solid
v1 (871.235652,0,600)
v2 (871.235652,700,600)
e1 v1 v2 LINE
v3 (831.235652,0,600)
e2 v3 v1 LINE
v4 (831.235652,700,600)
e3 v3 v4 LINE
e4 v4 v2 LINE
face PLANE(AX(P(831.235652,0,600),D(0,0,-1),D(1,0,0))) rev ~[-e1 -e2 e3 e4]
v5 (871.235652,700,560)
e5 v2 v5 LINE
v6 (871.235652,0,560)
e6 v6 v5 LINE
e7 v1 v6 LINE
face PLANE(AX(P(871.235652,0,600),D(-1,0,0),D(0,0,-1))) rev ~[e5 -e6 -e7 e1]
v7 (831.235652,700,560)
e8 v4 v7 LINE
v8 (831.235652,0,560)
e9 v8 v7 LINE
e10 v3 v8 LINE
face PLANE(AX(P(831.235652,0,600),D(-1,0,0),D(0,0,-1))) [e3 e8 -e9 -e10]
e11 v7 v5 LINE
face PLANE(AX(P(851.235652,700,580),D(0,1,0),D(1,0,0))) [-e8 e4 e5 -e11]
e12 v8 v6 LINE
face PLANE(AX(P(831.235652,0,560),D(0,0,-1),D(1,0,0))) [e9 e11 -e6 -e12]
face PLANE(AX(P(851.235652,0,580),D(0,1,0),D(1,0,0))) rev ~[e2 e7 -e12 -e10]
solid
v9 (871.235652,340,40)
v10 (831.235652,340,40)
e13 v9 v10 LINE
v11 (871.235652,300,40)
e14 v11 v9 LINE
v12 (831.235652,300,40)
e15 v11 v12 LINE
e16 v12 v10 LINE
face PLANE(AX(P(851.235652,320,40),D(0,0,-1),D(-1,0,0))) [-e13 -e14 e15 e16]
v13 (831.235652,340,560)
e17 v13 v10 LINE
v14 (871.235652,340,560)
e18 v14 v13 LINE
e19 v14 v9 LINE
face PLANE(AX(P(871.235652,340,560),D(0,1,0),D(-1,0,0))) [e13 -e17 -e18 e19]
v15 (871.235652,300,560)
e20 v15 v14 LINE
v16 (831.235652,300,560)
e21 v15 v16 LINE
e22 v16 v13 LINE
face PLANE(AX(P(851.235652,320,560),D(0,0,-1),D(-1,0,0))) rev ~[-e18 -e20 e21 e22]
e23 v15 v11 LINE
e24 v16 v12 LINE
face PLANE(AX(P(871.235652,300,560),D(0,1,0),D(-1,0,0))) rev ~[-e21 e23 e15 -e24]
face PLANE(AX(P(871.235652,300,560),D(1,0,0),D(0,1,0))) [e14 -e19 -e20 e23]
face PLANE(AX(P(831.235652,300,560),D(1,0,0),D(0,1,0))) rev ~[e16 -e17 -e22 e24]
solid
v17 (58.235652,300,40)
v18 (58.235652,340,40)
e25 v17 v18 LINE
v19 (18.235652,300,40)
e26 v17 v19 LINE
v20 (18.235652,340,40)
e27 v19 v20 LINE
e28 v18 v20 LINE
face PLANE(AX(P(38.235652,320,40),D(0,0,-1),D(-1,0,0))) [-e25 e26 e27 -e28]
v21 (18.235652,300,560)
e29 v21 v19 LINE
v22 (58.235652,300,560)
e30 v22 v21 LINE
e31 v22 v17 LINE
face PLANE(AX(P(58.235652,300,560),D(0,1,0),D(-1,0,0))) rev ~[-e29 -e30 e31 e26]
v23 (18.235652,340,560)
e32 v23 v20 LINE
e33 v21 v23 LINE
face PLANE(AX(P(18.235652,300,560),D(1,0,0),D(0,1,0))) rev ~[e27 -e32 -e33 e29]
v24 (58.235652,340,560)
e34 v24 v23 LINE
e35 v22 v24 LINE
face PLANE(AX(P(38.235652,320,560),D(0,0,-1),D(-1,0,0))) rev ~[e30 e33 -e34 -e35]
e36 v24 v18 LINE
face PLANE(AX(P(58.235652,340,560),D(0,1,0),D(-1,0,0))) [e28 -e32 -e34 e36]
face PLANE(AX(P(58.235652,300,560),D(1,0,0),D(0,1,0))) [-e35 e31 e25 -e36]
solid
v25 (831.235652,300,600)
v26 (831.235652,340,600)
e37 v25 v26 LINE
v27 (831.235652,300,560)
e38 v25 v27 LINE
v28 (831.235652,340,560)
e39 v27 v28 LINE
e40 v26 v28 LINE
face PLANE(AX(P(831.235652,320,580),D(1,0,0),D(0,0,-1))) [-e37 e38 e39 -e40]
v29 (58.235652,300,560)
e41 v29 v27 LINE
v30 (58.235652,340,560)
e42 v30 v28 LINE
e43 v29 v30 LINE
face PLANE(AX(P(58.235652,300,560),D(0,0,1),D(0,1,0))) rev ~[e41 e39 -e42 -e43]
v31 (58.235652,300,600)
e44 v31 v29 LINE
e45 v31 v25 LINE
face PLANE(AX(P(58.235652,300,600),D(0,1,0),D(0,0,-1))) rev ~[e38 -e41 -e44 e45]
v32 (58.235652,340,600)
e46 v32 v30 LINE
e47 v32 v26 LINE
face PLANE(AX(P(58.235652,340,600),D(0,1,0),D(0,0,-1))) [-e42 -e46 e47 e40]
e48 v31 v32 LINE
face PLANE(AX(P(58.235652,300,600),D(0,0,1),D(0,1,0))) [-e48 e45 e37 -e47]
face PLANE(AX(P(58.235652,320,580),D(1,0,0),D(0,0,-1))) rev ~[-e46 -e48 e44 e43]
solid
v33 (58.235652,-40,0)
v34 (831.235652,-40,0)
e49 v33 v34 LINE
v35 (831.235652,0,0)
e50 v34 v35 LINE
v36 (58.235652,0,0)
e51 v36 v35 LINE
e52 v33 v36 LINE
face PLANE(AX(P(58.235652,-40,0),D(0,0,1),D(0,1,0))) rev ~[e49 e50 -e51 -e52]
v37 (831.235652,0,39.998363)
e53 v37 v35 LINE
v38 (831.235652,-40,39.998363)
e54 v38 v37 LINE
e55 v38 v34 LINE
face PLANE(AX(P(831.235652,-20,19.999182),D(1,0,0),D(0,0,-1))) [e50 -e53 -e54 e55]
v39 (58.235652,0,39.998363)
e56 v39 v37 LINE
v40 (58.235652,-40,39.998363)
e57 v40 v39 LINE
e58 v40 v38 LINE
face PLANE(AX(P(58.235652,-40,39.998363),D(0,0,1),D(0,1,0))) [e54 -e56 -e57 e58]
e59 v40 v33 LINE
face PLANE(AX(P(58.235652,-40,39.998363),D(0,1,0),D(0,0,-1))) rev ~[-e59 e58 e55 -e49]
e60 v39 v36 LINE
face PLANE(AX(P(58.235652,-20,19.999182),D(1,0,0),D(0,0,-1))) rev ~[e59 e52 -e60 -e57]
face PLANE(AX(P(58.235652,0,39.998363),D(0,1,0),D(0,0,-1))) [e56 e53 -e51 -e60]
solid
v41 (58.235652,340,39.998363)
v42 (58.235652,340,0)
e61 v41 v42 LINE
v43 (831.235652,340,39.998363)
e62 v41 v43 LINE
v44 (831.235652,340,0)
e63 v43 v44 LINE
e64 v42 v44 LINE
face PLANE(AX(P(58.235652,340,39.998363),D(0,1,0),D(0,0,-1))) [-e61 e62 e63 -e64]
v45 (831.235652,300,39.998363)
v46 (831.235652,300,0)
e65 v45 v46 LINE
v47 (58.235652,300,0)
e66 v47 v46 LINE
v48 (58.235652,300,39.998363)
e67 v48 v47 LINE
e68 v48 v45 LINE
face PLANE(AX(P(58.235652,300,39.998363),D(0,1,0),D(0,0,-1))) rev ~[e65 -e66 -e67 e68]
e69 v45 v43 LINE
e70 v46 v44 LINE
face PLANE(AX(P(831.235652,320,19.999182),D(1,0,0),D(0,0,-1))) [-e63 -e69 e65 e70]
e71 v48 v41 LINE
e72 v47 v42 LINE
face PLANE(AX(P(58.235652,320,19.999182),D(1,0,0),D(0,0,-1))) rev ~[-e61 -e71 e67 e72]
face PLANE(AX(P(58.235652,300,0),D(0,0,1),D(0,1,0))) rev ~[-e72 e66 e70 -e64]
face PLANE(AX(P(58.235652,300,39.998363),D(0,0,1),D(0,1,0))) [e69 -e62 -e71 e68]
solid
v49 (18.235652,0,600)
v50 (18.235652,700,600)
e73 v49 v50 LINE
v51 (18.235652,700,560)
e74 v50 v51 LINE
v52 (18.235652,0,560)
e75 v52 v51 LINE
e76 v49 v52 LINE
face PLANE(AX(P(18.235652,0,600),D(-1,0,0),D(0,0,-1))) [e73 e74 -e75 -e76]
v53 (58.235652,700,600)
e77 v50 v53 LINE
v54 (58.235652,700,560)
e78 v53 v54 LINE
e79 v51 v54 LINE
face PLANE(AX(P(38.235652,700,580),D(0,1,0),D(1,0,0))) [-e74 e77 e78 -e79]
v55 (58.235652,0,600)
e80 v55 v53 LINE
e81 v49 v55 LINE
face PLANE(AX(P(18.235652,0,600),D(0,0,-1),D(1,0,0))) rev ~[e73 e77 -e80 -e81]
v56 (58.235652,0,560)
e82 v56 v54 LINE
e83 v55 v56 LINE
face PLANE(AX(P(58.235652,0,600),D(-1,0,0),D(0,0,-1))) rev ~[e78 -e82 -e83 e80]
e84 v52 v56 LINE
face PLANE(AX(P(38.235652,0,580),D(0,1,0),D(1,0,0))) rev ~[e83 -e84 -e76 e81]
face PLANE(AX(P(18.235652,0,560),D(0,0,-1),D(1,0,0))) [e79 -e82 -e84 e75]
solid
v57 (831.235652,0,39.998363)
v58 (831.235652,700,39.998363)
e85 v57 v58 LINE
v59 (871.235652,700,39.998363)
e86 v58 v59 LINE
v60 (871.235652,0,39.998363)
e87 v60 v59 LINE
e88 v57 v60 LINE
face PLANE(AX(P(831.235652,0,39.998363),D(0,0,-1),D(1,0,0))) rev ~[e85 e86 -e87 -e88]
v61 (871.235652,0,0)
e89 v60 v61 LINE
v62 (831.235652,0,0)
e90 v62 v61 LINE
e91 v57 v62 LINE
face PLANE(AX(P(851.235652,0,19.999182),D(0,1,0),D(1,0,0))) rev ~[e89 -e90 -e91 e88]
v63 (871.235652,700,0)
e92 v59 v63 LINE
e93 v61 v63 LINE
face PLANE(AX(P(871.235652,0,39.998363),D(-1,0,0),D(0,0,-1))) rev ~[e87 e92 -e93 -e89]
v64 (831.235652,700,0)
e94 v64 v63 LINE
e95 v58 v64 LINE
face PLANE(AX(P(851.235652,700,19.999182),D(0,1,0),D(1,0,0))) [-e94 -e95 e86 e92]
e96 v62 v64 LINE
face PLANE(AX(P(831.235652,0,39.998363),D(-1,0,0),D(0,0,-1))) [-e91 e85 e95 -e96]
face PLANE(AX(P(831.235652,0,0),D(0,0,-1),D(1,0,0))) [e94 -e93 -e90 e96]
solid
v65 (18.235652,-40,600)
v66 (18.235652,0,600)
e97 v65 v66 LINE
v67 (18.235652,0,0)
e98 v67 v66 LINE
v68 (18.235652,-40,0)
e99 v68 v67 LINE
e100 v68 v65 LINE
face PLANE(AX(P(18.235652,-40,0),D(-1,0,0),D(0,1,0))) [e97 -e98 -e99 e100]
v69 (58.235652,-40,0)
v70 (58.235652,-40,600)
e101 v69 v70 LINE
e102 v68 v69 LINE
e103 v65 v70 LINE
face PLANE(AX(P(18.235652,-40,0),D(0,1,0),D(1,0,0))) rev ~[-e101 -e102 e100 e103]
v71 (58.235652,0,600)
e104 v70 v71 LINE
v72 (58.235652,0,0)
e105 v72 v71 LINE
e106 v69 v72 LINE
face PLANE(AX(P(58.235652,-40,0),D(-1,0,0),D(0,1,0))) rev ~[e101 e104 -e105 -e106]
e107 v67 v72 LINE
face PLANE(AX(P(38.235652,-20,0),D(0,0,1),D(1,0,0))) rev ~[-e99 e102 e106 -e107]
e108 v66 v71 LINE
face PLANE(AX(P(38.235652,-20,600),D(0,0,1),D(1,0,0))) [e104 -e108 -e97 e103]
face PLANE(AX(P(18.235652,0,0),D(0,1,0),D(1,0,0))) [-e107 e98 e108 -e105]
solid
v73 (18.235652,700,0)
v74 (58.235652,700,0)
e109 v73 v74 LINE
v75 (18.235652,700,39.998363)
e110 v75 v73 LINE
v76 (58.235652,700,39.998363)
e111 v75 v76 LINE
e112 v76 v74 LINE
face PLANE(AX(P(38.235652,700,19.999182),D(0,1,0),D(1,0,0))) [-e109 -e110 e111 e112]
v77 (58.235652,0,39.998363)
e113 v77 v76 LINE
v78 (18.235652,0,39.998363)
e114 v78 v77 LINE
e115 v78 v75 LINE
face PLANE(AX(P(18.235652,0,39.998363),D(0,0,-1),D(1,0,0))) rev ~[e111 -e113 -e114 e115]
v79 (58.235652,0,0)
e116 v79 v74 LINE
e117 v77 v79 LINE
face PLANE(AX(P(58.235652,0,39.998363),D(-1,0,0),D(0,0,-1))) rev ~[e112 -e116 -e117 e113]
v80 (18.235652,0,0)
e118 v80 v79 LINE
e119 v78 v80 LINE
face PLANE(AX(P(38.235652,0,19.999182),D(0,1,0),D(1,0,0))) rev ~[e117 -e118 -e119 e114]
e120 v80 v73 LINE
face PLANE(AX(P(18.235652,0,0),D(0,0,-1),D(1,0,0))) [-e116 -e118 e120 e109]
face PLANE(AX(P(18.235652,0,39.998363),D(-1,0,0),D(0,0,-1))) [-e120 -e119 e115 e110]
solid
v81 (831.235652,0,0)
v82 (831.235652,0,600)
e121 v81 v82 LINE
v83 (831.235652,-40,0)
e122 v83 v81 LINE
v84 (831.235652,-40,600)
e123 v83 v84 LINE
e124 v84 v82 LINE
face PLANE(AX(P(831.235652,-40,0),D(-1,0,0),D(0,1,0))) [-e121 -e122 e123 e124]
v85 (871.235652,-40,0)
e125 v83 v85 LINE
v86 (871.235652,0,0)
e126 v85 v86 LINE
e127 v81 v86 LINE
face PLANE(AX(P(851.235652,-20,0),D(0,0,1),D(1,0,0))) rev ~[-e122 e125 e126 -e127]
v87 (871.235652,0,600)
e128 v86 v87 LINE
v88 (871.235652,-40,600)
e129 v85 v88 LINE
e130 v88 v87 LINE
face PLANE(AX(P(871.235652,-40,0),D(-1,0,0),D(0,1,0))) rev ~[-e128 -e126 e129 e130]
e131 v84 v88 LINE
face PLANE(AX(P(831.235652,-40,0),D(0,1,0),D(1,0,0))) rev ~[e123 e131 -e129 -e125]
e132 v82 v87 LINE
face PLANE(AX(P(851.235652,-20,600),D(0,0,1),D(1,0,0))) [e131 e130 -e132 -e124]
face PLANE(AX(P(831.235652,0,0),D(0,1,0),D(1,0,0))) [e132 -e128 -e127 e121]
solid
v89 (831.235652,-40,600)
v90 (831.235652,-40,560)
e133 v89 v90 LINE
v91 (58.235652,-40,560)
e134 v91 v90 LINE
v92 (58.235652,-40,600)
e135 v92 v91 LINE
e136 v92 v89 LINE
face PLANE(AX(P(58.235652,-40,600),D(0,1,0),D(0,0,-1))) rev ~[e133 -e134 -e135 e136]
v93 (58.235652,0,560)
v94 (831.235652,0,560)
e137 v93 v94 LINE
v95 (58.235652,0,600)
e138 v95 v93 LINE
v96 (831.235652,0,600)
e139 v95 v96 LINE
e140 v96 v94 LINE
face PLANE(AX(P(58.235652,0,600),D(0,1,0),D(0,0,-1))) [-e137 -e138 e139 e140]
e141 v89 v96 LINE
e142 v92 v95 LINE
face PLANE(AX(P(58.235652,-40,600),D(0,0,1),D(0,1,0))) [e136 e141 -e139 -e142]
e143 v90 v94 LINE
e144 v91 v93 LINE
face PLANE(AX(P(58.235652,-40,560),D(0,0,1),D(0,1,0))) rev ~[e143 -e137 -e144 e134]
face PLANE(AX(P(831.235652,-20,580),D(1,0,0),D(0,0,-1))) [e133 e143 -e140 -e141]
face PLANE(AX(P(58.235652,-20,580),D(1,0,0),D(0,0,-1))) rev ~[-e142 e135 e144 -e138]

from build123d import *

# Parameters (mm, degrees)
SKETCH_5_W         = 40
SKETCH_5_H         = 40
EXTRUDE_3_DEPTH    = 600
EXTRUDE_3_2_DEPTH  = 600
SKETCH_6_W         = 40
SKETCH_6_H         = 40
EXTRUDE_5_DEPTH    = 773
SKETCH_6_W_2       = 39.998363096
EXTRUDE_5_2_DEPTH  = 773
SKETCH_7_W         = 40
SKETCH_7_H         = 39.998363096
EXTRUDE_6_DEPTH    = 700
EXTRUDE_6_2_DEPTH  = 700
SKETCH_7_H_2       = 40
EXTRUDE_6_3_DEPTH  = 700
EXTRUDE_6_4_DEPTH  = 700
SKETCH_10_W        = 40
SKETCH_10_H        = 40
EXTRUDE_9_DEPTH    = 773
SKETCH_10_W_2      = 39.998363096
EXTRUDE_9_2_DEPTH  = 773
SKETCH_11_W        = 40
SKETCH_11_H        = 40
EXTRUDE_10_DEPTH   = 520
EXTRUDE_10_2_DEPTH = 520


with BuildPart() as part:
    # ｽｹｯﾁ5 → ﾎﾞｽ - 押し出し3 (new body)
    with BuildSketch(Plane.XY):
        with Locations((38.235651977, -20)):
            Rectangle(SKETCH_5_W, SKETCH_5_H)
    extrude(amount=EXTRUDE_3_DEPTH)


with BuildPart() as body_2:
    # ｽｹｯﾁ5 → Extrude 3 2 (new body)
    with BuildSketch(Plane.XY):
        with Locations((851.235651977, -20)):
            Rectangle(SKETCH_5_W, SKETCH_5_H)
    extrude(amount=EXTRUDE_3_2_DEPTH)


with BuildPart() as body_3:
    # ｽｹｯﾁ6 → ﾎﾞｽ - 押し出し5 (new body)
    with BuildSketch(Plane(origin=(58.235651977, 0, 0), x_dir=(0, 0, -1), z_dir=(1, 0, 0))):
        with Locations((-580, -20)):
            Rectangle(SKETCH_6_W, SKETCH_6_H)
    extrude(amount=EXTRUDE_5_DEPTH)


with BuildPart() as body_4:
    # ｽｹｯﾁ6 → Extrude 5 2 (new body)
    with BuildSketch(Plane(origin=(58.235651977, 0, 0), x_dir=(0, 0, -1), z_dir=(1, 0, 0))):
        with Locations((-19.999181548, -20)):
            Rectangle(SKETCH_6_W_2, SKETCH_6_H)
    extrude(amount=EXTRUDE_5_2_DEPTH)


with BuildPart() as body_5:
    # ｽｹｯﾁ7 → ﾎﾞｽ - 押し出し6 (new body)
    with BuildSketch(Plane(origin=(0, 0, 0), x_dir=(1, 0, 0), z_dir=(0, 1, 0))):
        with Locations((38.235651977, -19.999181548)):
            Rectangle(SKETCH_7_W, SKETCH_7_H)
    extrude(amount=EXTRUDE_6_DEPTH)


with BuildPart() as body_6:
    # ｽｹｯﾁ7 → Extrude 6 2 (new body)
    with BuildSketch(Plane(origin=(0, 0, 0), x_dir=(1, 0, 0), z_dir=(0, 1, 0))):
        with Locations((851.235651977, -19.999181548)):
            Rectangle(SKETCH_7_W, SKETCH_7_H)
    extrude(amount=EXTRUDE_6_2_DEPTH)


with BuildPart() as body_7:
    # ｽｹｯﾁ7 → Extrude 6 3 (new body)
    with BuildSketch(Plane(origin=(0, 0, 0), x_dir=(1, 0, 0), z_dir=(0, 1, 0))):
        with Locations((38.235651977, -580)):
            Rectangle(SKETCH_7_W, SKETCH_7_H_2)
    extrude(amount=EXTRUDE_6_3_DEPTH)


with BuildPart() as body_8:
    # ｽｹｯﾁ7 → Extrude 6 4 (new body)
    with BuildSketch(Plane(origin=(0, 0, 0), x_dir=(1, 0, 0), z_dir=(0, 1, 0))):
        with Locations((851.235651977, -580)):
            Rectangle(SKETCH_7_W, SKETCH_7_H_2)
    extrude(amount=EXTRUDE_6_4_DEPTH)


with BuildPart() as body_9:
    # ｽｹｯﾁ10 → ﾎﾞｽ - 押し出し9 (new body)
    with BuildSketch(Plane(origin=(58.235651977, 0, 0), x_dir=(0, 0, -1), z_dir=(1, 0, 0))):
        with Locations((-580, 320)):
            Rectangle(SKETCH_10_W, SKETCH_10_H)
    extrude(amount=EXTRUDE_9_DEPTH)


with BuildPart() as body_10:
    # ｽｹｯﾁ10 → Extrude 9 2 (new body)
    with BuildSketch(Plane(origin=(58.235651977, 0, 0), x_dir=(0, 0, -1), z_dir=(1, 0, 0))):
        with Locations((-19.999181548, 320)):
            Rectangle(SKETCH_10_W_2, SKETCH_10_H)
    extrude(amount=EXTRUDE_9_2_DEPTH)


with BuildPart() as body_11:
    # ｽｹｯﾁ11 → ﾎﾞｽ - 押し出し10 (new body)
    with BuildSketch(Plane(origin=(0, 0, 560), x_dir=(-1, 0, 0), z_dir=(0, 0, -1))):
        with Locations((-851.235651977, 320)):
            Rectangle(SKETCH_11_W, SKETCH_11_H)
    extrude(amount=EXTRUDE_10_DEPTH)


with BuildPart() as body_12:
    # ｽｹｯﾁ11 → Extrude 10 2 (new body)
    with BuildSketch(Plane(origin=(0, 0, 560), x_dir=(-1, 0, 0), z_dir=(0, 0, -1))):
        with Locations((-38.235651977, 320)):
            Rectangle(SKETCH_11_W, SKETCH_11_H)
    extrude(amount=EXTRUDE_10_2_DEPTH)


solid = Compound([part.part, body_2.part, body_3.part, body_4.part, body_5.part, body_6.part, body_7.part, body_8.part, body_9.part, body_10.part, body_11.part, body_12.part])
